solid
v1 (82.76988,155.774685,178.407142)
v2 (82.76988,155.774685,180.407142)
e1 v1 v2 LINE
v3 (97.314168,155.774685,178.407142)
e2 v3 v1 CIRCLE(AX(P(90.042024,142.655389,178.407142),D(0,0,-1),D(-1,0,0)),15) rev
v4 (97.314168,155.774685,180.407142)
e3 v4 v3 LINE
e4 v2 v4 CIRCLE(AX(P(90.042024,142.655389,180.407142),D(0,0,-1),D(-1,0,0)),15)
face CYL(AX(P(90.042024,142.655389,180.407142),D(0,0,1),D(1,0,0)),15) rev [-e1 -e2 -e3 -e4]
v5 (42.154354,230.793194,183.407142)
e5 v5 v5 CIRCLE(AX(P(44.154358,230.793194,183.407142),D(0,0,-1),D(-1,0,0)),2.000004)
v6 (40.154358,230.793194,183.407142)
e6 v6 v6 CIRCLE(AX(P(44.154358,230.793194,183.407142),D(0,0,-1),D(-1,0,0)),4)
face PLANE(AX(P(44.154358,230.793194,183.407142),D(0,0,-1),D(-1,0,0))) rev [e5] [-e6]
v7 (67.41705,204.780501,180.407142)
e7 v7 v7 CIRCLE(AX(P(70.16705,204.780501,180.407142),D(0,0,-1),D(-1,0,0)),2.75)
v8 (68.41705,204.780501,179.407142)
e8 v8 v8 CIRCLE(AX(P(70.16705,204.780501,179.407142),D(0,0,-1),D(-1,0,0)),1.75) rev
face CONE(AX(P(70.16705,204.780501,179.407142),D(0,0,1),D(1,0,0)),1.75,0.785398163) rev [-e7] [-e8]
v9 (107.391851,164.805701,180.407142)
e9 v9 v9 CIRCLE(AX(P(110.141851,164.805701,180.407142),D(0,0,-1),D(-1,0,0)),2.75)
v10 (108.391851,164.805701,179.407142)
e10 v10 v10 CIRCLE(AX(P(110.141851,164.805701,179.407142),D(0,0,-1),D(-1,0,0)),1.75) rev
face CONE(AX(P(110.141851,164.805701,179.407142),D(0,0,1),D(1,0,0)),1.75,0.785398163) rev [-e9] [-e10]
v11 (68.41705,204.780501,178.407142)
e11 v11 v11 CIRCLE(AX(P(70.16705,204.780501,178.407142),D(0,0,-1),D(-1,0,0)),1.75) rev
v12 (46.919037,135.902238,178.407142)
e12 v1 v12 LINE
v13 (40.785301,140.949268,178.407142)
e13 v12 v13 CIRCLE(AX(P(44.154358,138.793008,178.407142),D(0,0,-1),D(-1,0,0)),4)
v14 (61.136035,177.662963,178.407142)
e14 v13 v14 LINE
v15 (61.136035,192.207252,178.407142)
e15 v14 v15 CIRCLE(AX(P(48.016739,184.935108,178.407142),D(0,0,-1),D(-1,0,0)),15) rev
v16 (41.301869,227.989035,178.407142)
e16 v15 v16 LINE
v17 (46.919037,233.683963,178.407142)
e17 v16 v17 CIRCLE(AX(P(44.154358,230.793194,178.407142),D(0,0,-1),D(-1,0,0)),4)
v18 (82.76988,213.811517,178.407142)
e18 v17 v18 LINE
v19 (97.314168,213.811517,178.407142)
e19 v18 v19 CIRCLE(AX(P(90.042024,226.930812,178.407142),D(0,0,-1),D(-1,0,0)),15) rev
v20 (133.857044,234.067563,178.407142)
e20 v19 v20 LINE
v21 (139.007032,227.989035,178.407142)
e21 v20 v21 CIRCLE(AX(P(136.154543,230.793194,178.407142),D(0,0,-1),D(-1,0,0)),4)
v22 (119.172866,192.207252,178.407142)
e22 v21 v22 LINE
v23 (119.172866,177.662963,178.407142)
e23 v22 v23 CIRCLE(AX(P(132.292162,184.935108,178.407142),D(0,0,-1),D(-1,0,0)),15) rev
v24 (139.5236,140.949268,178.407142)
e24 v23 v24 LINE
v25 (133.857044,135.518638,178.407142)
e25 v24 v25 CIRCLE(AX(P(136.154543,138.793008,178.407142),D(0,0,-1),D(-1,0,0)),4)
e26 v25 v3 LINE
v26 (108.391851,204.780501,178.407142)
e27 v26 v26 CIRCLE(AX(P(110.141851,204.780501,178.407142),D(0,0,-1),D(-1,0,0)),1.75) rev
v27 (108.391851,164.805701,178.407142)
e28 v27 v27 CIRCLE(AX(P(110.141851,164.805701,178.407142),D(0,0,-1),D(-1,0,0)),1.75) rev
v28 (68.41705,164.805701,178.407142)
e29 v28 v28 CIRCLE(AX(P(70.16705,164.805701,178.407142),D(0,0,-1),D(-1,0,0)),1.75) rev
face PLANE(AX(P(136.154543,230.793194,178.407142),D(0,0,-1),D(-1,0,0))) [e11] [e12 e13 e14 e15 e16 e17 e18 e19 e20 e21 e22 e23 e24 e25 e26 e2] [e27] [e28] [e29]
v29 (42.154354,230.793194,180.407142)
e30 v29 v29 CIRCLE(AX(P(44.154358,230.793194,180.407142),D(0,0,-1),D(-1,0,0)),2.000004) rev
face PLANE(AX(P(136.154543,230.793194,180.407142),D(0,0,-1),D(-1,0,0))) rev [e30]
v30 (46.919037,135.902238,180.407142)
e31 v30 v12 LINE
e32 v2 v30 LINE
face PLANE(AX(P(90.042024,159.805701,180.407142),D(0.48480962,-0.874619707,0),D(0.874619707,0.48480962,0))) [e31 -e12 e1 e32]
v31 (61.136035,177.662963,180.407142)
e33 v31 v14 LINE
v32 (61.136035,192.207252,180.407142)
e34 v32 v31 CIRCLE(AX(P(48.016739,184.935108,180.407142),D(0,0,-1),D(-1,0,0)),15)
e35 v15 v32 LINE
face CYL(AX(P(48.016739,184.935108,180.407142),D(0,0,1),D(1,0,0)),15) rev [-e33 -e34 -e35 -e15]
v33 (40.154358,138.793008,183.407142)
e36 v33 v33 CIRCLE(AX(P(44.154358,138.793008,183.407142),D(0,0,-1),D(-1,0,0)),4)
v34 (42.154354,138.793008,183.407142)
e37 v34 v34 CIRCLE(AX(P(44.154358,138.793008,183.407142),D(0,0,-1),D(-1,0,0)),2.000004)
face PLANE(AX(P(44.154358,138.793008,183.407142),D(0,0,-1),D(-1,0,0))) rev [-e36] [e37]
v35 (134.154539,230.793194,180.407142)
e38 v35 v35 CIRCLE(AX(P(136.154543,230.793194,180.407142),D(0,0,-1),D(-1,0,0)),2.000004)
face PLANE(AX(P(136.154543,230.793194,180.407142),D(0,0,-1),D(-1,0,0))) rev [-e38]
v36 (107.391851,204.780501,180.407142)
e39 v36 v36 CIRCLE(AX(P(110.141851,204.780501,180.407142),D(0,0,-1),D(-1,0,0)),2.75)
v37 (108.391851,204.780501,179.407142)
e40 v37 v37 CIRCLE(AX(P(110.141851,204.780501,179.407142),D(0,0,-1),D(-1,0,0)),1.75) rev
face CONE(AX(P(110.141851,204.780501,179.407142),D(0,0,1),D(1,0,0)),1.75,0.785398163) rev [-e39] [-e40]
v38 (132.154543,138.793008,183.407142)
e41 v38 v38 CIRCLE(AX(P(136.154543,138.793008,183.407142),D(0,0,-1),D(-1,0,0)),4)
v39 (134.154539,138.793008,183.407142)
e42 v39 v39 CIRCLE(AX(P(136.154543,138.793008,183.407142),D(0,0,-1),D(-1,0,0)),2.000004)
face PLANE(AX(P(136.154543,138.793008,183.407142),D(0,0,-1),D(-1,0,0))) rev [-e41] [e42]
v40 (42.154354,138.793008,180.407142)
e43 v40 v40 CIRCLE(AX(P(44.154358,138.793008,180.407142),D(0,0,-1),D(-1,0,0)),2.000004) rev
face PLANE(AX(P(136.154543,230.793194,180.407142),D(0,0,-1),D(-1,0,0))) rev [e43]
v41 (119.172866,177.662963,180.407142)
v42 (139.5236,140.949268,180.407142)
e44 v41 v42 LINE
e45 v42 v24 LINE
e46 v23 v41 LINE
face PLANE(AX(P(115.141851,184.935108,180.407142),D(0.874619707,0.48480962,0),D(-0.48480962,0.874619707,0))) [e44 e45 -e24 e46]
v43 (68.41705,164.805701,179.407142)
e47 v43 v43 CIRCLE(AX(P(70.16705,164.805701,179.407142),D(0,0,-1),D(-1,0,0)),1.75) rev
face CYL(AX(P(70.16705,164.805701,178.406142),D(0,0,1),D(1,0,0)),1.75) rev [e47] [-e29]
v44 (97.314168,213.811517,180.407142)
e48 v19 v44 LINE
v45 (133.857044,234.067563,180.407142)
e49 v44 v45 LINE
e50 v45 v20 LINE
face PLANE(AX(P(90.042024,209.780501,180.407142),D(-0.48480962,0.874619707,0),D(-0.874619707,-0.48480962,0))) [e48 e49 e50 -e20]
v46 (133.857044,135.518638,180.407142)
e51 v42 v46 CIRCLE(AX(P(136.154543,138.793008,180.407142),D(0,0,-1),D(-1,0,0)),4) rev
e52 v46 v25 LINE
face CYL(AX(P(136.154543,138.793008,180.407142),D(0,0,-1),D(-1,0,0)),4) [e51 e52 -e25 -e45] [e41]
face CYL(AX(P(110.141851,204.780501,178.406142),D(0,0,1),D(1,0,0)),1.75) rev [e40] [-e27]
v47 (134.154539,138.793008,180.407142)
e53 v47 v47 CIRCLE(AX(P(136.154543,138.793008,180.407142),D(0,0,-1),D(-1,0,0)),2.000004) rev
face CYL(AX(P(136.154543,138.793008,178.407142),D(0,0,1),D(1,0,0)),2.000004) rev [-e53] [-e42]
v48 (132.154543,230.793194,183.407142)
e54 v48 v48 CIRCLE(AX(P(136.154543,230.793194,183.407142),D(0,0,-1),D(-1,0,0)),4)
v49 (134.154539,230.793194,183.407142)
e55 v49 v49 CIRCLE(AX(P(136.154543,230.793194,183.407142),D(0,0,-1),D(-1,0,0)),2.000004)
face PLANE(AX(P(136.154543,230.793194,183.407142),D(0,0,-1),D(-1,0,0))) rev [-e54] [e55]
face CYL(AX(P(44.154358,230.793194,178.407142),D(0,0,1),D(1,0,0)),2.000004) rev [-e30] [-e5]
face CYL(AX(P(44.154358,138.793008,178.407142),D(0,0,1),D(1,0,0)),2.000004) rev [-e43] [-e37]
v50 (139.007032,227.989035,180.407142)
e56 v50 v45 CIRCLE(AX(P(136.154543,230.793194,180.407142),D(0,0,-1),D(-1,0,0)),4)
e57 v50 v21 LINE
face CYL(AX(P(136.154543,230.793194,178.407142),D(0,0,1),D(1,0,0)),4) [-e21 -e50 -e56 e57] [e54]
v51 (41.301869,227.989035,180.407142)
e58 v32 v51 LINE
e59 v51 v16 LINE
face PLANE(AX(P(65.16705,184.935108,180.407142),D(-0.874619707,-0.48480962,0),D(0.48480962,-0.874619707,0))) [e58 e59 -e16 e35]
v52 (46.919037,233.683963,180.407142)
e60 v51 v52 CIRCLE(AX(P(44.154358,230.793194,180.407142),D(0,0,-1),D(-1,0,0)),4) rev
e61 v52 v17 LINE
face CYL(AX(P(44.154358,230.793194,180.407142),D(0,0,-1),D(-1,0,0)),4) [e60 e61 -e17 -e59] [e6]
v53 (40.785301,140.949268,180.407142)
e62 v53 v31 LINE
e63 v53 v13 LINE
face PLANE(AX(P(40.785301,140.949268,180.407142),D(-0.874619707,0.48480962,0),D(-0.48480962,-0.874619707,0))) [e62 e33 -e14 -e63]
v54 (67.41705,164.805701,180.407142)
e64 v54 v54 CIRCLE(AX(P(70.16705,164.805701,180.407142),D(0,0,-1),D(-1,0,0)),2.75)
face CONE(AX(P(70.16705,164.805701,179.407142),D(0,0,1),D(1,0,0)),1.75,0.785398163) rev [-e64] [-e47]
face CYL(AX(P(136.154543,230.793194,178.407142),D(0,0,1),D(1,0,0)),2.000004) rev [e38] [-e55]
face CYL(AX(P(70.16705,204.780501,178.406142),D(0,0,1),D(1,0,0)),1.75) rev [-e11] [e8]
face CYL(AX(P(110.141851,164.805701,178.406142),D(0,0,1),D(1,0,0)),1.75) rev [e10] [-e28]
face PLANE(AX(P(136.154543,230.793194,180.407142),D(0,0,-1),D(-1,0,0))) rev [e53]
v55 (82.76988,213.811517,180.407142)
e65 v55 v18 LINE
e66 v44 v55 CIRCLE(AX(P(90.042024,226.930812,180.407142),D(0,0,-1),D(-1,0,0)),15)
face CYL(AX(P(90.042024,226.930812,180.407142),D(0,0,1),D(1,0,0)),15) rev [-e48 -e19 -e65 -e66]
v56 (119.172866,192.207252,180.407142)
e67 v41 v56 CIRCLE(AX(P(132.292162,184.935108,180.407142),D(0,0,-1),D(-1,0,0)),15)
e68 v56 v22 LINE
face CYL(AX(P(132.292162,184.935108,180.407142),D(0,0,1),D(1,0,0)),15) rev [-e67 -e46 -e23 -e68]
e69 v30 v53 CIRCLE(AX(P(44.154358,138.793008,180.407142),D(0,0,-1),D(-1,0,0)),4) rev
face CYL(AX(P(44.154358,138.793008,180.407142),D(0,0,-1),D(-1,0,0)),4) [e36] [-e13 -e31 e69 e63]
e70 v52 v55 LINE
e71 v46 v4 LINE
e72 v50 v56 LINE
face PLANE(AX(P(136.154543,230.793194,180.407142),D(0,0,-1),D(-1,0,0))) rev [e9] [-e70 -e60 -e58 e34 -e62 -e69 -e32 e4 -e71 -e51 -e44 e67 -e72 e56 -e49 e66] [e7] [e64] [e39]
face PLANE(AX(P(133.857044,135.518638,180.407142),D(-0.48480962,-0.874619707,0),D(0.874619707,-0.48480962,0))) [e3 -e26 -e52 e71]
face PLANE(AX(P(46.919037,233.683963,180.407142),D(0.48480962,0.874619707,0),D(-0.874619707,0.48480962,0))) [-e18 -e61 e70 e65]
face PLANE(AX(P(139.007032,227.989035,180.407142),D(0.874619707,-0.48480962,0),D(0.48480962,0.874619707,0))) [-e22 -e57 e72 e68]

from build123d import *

# Parameters (mm, degrees)
SKETCH2_R             = 4
SKETCH2_R_2           = 2.00000381
BOSS_EXTRUDE1_DEPTH   = 5
BOSS_EXTRUDE1_2_DEPTH = 5
BOSS_EXTRUDE1_3_DEPTH = 5
BOSS_EXTRUDE1_4_DEPTH = 5
BOSS_EXTRUDE2_DEPTH   = 2
FILLET1_R             = 15
CUT_EXTRUDE1_REACH    = 4
SKETCH4_R             = 1.75
CHAMFER1_SIZE         = 1


with BuildPart() as part:
    # Sketch2 → Boss-Extrude1 (new body)
    with BuildSketch(Plane(origin=(0, 0, 183.407141652), x_dir=(-1, 0, 0), z_dir=(0, 0, -1))):
        with Locations((-136.154543014, 230.793193515)):
            Circle(SKETCH2_R)
        with Locations((-136.154543014, 230.793193515)):
            Circle(SKETCH2_R_2, mode=Mode.SUBTRACT)
    extrude(amount=BOSS_EXTRUDE1_DEPTH)



with BuildPart() as body_2:
    # Sketch2 → Boss-Extrude1 2 (new body)
    with BuildSketch(Plane(origin=(0, 0, 183.407141652), x_dir=(-1, 0, 0), z_dir=(0, 0, -1))):
        with Locations((-44.154357594, 230.793193515)):
            Circle(SKETCH2_R)
        with Locations((-44.154357594, 230.793193515)):
            Circle(SKETCH2_R_2, mode=Mode.SUBTRACT)
    extrude(amount=BOSS_EXTRUDE1_2_DEPTH)


with BuildPart() as body_3:
    # Sketch2 → Boss-Extrude1 3 (new body)
    with BuildSketch(Plane(origin=(0, 0, 183.407141652), x_dir=(-1, 0, 0), z_dir=(0, 0, -1))):
        with Locations((-44.154357594, 138.793008095)):
            Circle(SKETCH2_R)
        with Locations((-44.154357594, 138.793008095)):
            Circle(SKETCH2_R_2, mode=Mode.SUBTRACT)
    extrude(amount=BOSS_EXTRUDE1_3_DEPTH)


with BuildPart() as body_4:
    # Sketch2 → Boss-Extrude1 4 (new body)
    with BuildSketch(Plane(origin=(0, 0, 183.407141652), x_dir=(-1, 0, 0), z_dir=(0, 0, -1))):
        with Locations((-136.154543014, 138.793008095)):
            Circle(SKETCH2_R)
        with Locations((-136.154543014, 138.793008095)):
            Circle(SKETCH2_R_2, mode=Mode.SUBTRACT)
    extrude(amount=BOSS_EXTRUDE1_4_DEPTH)


with BuildPart() as part_1:
    add(part.part)

    add(body_2.part)  # Boss-Extrude2 merges body 2

    add(body_3.part)  # Boss-Extrude2 merges body 3

    add(body_4.part)  # Boss-Extrude2 merges body 4
    # Sketch3 → Boss-Extrude2 (add)
    with BuildSketch(Plane(origin=(0, 0, 178.407141652), x_dir=(-1, 0, 0), z_dir=(0, 0, -1))):
        with BuildLine():
            Line((-139.007032023, 227.989034737), (-115.141850609, 184.935107777))
            Line((-115.141850609, 184.935107777), (-139.523599689, 140.949268079))
            ThreePointArc((-139.523599689, 140.949268079), (-138.922212365, 135.905101177), (-133.857043766, 135.518638354))
            Line((-133.857043766, 135.518638354), (-90.042023818, 159.8057005))
            Line((-90.042023818, 159.8057005), (-46.919036743, 135.902238439))
            ThreePointArc((-46.919036743, 135.902238439), (-41.612813753, 135.704229226), (-40.785300919, 140.949268079))
            Line((-40.785300919, 140.949268079), (-65.167049999, 184.935107777))
            Line((-65.167049999, 184.935107777), (-41.301868585, 227.989034737))
            ThreePointArc((-41.301868585, 227.989034737), (-41.306554913, 233.602111436), (-46.919036743, 233.683963171))
            Line((-46.919036743, 233.683963171), (-90.042023818, 209.78050111))
            Line((-90.042023818, 209.78050111), (-133.857043766, 234.067563256))
            ThreePointArc((-133.857043766, 234.067563256), (-139.206449083, 233.378898322), (-139.007032023, 227.989034737))
        make_face()
    extrude(amount=-BOSS_EXTRUDE2_DEPTH)

    # Fillet1
    fillet1_edges = [part_1.edges().sort_by_distance(p)[0] for p in [
        (90.042023818, 209.78050111, 179.407141652),
        (65.167049999, 184.935107777, 179.407141652),
        (90.042023818, 159.8057005, 179.407141652),
        (115.141850609, 184.935107777, 179.407141652),
    ]]
    fillet(fillet1_edges, radius=FILLET1_R)

    # Sketch4 → Cut-Extrude1 (cut, up to next)
    with BuildSketch(Plane.XY.offset(180.407141652), mode=Mode.PRIVATE) as cut_extrude1_sk1:
        with Locations((70.167049999, 204.78050111)):
            Circle(SKETCH4_R)
    cut_extrude1_tool1 = extrude(cut_extrude1_sk1.sketch, amount=-CUT_EXTRUDE1_REACH, mode=Mode.PRIVATE) & part_1.part
    add(cut_extrude1_tool1.solids().sort_by_distance((70.16705, 204.780501, 180.407142))[0], mode=Mode.SUBTRACT)
    # Sketch4 → Cut-Extrude1 (cut, up to next)
    with BuildSketch(Plane.XY.offset(180.407141652), mode=Mode.PRIVATE) as cut_extrude1_sk2:
        with Locations((110.141850609, 204.78050111)):
            Circle(SKETCH4_R)
    cut_extrude1_tool2 = extrude(cut_extrude1_sk2.sketch, amount=-CUT_EXTRUDE1_REACH, mode=Mode.PRIVATE) & part_1.part
    add(cut_extrude1_tool2.solids().sort_by_distance((110.141851, 204.780501, 180.407142))[0], mode=Mode.SUBTRACT)
    # Sketch4 → Cut-Extrude1 (cut, up to next)
    with BuildSketch(Plane.XY.offset(180.407141652), mode=Mode.PRIVATE) as cut_extrude1_sk3:
        with Locations((110.141850609, 164.8057005)):
            Circle(SKETCH4_R)
    cut_extrude1_tool3 = extrude(cut_extrude1_sk3.sketch, amount=-CUT_EXTRUDE1_REACH, mode=Mode.PRIVATE) & part_1.part
    add(cut_extrude1_tool3.solids().sort_by_distance((110.141851, 164.805701, 180.407142))[0], mode=Mode.SUBTRACT)
    # Sketch4 → Cut-Extrude1 (cut, up to next)
    with BuildSketch(Plane.XY.offset(180.407141652), mode=Mode.PRIVATE) as cut_extrude1_sk4:
        with Locations((70.167049999, 164.8057005)):
            Circle(SKETCH4_R)
    cut_extrude1_tool4 = extrude(cut_extrude1_sk4.sketch, amount=-CUT_EXTRUDE1_REACH, mode=Mode.PRIVATE) & part_1.part
    add(cut_extrude1_tool4.solids().sort_by_distance((70.16705, 164.805701, 180.407142))[0], mode=Mode.SUBTRACT)

    # Chamfer1
    chamfer1_edges = [part_1.edges().sort_by_distance(p)[0] for p in [
        (68.417049999, 164.8057005, 180.407141652),
        (108.391850609, 164.8057005, 180.407141652),
        (108.391850609, 204.78050111, 180.407141652),
        (68.417049999, 204.78050111, 180.407141652),
    ]]
    chamfer(chamfer1_edges, length=CHAMFER1_SIZE)


solid = part_1.part
